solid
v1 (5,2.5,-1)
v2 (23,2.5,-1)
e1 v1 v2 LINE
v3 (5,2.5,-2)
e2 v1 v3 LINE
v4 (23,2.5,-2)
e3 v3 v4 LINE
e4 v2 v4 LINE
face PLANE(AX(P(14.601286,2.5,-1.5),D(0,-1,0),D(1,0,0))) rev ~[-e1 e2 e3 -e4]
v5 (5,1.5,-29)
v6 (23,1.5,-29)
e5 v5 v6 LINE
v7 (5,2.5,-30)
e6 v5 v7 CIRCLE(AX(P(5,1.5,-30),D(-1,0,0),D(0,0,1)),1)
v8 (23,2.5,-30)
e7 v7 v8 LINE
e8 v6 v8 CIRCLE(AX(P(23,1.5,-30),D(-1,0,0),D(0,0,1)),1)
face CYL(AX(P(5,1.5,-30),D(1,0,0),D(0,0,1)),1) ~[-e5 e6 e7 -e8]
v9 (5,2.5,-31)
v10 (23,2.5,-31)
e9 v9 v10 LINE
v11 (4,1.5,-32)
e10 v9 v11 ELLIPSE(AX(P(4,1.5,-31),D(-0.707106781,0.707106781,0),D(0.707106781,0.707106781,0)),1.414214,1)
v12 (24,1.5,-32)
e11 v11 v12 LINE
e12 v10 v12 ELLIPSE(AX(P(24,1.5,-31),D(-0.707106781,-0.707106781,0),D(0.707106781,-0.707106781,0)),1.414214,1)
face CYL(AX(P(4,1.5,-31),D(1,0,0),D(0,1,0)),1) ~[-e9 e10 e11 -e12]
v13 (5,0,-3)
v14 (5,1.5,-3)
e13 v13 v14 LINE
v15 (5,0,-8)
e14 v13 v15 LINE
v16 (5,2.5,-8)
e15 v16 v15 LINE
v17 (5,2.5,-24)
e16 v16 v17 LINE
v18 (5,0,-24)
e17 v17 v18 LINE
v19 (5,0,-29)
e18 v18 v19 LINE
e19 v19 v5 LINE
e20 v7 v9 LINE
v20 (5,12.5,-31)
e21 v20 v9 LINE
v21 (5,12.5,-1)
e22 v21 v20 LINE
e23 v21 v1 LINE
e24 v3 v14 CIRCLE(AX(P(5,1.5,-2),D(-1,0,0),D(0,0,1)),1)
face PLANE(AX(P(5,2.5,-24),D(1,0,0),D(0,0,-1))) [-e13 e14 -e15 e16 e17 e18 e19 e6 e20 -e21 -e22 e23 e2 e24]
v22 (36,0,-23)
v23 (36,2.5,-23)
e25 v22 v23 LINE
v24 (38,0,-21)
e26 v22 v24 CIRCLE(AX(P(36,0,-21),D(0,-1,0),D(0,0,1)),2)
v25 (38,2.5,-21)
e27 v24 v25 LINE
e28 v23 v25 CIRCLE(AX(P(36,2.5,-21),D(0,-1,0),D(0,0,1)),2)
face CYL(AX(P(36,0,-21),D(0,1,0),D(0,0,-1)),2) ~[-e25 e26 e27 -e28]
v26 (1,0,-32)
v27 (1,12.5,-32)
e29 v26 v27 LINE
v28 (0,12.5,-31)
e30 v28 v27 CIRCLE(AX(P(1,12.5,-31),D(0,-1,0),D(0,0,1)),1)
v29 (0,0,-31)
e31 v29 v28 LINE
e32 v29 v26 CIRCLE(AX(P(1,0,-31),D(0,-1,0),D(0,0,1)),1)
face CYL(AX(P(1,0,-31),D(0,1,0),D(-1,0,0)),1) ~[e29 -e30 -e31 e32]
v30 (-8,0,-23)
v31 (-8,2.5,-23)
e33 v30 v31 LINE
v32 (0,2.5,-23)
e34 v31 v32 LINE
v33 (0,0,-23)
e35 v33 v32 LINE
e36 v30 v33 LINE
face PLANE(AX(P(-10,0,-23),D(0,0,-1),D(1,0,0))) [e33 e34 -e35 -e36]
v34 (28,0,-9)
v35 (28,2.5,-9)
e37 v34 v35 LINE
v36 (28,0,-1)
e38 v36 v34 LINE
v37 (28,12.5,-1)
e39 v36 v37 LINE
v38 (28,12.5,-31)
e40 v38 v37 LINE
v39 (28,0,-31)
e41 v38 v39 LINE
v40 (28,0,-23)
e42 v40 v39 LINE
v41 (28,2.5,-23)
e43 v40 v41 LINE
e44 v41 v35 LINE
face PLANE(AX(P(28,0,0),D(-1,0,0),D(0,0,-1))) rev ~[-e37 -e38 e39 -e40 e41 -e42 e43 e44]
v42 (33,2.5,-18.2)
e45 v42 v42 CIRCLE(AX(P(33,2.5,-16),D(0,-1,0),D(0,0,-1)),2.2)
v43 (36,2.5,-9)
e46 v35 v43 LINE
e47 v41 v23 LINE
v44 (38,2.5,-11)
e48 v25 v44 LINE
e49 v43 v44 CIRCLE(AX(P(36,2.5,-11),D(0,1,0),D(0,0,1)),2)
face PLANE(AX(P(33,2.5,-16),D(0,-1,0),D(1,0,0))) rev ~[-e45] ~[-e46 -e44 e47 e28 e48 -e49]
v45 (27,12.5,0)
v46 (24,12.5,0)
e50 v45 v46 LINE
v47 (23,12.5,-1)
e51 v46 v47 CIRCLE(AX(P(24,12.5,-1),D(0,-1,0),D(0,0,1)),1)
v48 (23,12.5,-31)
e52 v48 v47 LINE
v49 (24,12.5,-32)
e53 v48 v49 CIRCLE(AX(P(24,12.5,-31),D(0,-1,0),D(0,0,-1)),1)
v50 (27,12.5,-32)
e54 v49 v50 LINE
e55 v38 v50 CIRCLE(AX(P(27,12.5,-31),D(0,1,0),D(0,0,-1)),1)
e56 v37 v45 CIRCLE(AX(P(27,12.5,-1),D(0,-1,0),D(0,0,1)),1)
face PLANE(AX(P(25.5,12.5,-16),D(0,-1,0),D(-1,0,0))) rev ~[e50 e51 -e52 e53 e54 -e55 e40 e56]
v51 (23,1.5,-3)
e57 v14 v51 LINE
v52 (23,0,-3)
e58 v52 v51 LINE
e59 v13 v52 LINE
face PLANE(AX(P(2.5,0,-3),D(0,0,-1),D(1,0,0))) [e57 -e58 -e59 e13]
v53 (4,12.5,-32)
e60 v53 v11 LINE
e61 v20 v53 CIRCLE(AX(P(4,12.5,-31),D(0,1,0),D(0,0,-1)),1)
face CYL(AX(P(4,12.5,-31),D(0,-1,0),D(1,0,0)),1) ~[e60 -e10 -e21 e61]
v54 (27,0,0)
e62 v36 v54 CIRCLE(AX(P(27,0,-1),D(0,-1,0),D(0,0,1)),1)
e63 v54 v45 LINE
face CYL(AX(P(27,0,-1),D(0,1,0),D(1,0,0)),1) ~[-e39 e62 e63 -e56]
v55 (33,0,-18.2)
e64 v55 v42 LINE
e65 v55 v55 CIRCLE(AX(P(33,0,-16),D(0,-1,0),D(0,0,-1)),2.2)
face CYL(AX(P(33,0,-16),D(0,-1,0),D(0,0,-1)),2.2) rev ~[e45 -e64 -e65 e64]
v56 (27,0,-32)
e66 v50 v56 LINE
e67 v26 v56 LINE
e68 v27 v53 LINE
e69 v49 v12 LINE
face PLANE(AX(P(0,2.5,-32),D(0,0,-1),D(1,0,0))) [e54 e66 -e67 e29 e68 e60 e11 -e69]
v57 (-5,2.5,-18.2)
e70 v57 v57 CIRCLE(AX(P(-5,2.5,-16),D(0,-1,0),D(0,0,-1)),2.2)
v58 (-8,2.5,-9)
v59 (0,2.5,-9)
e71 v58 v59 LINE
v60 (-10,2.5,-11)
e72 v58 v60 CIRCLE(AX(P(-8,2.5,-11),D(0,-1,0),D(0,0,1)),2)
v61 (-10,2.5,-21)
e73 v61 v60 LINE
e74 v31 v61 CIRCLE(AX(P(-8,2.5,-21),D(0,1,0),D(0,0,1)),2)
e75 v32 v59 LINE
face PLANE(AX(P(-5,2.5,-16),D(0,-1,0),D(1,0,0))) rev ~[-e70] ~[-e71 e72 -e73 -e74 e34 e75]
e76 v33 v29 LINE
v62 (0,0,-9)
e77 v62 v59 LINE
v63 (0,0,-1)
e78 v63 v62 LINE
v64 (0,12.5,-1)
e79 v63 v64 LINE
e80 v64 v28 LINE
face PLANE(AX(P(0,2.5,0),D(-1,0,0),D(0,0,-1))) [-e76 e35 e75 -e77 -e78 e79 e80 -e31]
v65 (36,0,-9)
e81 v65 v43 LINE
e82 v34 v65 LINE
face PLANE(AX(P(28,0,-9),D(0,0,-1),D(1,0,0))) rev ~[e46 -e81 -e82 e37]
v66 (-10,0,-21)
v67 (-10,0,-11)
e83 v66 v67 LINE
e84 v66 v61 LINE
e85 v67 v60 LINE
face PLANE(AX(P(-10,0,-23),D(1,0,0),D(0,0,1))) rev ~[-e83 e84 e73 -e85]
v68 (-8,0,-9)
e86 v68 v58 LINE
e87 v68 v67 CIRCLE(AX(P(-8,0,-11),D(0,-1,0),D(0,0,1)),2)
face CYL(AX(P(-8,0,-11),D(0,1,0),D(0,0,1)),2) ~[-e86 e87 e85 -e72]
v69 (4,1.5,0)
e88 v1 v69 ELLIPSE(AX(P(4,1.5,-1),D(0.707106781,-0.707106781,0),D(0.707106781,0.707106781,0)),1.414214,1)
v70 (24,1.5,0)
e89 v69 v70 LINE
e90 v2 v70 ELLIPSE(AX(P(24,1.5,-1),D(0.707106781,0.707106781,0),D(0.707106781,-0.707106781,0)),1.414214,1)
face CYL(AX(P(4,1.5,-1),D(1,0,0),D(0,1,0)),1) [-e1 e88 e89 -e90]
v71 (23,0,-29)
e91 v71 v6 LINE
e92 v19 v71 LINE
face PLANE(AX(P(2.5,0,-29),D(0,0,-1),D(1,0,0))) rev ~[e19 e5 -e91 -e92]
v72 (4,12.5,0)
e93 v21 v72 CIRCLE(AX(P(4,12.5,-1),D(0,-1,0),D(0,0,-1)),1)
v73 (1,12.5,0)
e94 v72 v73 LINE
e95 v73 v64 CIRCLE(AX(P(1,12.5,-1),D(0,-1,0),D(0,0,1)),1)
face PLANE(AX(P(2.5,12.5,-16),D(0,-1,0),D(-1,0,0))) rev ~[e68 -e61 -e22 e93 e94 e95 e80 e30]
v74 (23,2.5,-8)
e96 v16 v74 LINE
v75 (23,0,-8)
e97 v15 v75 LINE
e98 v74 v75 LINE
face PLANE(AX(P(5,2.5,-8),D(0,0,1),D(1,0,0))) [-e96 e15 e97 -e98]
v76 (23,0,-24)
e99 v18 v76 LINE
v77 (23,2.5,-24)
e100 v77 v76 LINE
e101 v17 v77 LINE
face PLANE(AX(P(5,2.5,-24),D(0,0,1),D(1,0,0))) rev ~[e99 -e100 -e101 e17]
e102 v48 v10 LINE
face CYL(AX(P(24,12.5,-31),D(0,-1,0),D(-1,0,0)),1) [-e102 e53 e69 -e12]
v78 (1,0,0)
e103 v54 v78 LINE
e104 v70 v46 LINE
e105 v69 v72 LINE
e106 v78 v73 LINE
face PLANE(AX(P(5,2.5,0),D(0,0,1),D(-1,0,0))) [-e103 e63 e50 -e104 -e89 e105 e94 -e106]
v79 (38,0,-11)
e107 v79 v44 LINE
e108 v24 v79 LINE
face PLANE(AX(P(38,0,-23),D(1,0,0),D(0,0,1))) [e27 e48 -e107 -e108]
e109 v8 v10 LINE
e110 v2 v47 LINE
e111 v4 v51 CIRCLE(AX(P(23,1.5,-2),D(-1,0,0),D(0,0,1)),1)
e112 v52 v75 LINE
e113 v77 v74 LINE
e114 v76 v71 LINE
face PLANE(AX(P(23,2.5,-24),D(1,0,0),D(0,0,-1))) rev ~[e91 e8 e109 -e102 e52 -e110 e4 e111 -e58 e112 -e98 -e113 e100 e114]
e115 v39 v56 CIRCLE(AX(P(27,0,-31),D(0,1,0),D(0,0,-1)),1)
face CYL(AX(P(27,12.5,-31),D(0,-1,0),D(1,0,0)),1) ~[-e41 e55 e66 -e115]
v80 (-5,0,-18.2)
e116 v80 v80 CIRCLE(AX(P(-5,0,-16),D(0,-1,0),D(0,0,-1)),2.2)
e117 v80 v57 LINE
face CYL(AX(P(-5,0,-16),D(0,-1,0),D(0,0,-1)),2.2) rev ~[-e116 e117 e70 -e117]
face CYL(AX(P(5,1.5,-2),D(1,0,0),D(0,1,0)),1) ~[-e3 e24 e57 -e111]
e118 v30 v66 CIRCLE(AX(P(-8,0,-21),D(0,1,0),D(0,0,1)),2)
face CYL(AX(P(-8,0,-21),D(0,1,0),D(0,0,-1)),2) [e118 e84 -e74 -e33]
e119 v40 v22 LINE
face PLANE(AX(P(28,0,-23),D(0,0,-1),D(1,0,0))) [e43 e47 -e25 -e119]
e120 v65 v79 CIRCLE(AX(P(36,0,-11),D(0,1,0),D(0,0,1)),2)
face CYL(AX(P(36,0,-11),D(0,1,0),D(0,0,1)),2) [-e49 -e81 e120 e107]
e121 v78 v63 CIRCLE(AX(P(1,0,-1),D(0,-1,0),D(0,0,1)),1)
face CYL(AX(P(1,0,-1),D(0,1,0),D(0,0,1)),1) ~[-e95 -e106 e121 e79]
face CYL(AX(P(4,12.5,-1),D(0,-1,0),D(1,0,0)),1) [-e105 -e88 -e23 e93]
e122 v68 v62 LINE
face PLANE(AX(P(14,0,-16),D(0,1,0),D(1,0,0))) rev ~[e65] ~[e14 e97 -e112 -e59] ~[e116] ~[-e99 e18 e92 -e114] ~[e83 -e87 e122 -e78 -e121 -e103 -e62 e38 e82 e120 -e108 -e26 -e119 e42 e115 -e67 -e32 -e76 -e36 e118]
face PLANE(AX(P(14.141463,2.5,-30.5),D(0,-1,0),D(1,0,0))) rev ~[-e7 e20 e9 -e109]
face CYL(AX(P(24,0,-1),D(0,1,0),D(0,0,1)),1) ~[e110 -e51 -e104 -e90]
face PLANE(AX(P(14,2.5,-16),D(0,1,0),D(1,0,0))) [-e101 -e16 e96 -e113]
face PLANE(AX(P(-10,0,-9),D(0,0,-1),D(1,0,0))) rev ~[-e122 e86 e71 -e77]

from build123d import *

# Parameters (mm, degrees)
SKETCH1_W           = 28
SKETCH1_H           = 32
BOSS_EXTRUDE1_DEPTH = 2.5
BOSS_EXTRUDE3_DEPTH = 10
SKETCH3_W           = 18
SKETCH3_H           = 8
CUT_EXTRUDE1_DEPTH  = 2.5
SKETCH4_W           = 10
SKETCH4_H           = 14
SKETCH4_R           = 2.2
BOSS_EXTRUDE4_DEPTH = 2.5
FILLET1_R           = 2
FILLET2_R           = 1
SKETCH5_W           = 24.202572411
SKETCH5_H           = 3
SKETCH5_W_2         = 23.282926667
BOSS_EXTRUDE5_DEPTH = 2.5
FILLET3_R           = 1


with BuildPart() as part:
    # Sketch1 → Boss-Extrude1 (new body)
    with BuildSketch(Plane(origin=(0, 0, 0), x_dir=(1, 0, 0), z_dir=(0, 1, 0))):
        with Locations((14, 16)):
            Rectangle(SKETCH1_W, SKETCH1_H)
    extrude(amount=BOSS_EXTRUDE1_DEPTH)

    # Sketch2 → Boss-Extrude3 (add)
    with BuildSketch(Plane(origin=(0, 2.5, 0), x_dir=(1, 0, 0), z_dir=(0, 1, 0))):
        Polygon((0, 32), (5, 32), (5, 30), (5, 0), (0, 0), align=None)
        Polygon((28, 0), (23, 0), (23, 30), (23, 32), (28, 32), align=None)
    extrude(amount=BOSS_EXTRUDE3_DEPTH)

    # Sketch3 → Cut-Extrude1 (cut)
    with BuildSketch(Plane(origin=(0, 2.5, 0), x_dir=(1, 0, 0), z_dir=(0, 1, 0))):
        with Locations((14, 28)):
            Rectangle(SKETCH3_W, SKETCH3_H)
        with Locations((14, 4)):
            Rectangle(SKETCH3_W, SKETCH3_H)
    extrude(amount=-CUT_EXTRUDE1_DEPTH, mode=Mode.SUBTRACT)

    # Sketch4 → Boss-Extrude4 (add)
    # profile 1 of 2: a face of its own
    with BuildSketch(Plane.XZ):
        with Locations((-5, -16)):
            Rectangle(SKETCH4_W, SKETCH4_H)
        with Locations(Location((-5, -16, 0), (0, 0, 270))):
            Circle(SKETCH4_R, mode=Mode.SUBTRACT)
    # profile 2 of 2: a face of its own
    with BuildSketch(Plane.XZ):
        with Locations((33, -16)):
            Rectangle(SKETCH4_W, SKETCH4_H)
        with Locations(Location((33, -16, 0), (0, 0, 270))):
            Circle(SKETCH4_R, mode=Mode.SUBTRACT)
    extrude(amount=-BOSS_EXTRUDE4_DEPTH)

    # Fillet1
    fillet1_edges = [part.edges().sort_by_distance(p)[0] for p in [
        (-10, 1.25, -23),
        (-10, 1.25, -9),
        (38, 1.25, -9),
        (38, 1.25, -23),
    ]]
    fillet(fillet1_edges, radius=FILLET1_R)

    # Fillet2
    fillet2_edges = [part.edges().sort_by_distance(p)[0] for p in [
        (23, 6.25, -32),
        (23, 6.25, 0),
        (5, 6.25, 0),
        (5, 6.25, -32),
        (0, 6.25, -32),
        (28, 6.25, -32),
        (28, 6.25, 0),
        (0, 6.25, 0),
    ]]
    fillet(fillet2_edges, radius=FILLET2_R)

    # Sketch5 → Boss-Extrude5 (add)
    with BuildSketch(Plane.XZ):
        with Locations((14.601286206, -1.5)):
            Rectangle(SKETCH5_W, SKETCH5_H)
        with Locations((14.141463334, -30.5)):
            Rectangle(SKETCH5_W_2, SKETCH5_H)
    extrude(amount=-BOSS_EXTRUDE5_DEPTH)

    # Fillet3
    fillet3_edges = [part.edges().sort_by_distance(p)[0] for p in [
        (14, 2.5, -3),
        (14, 2.5, 0),
        (14, 2.5, -32),
        (14, 2.5, -29),
    ]]
    fillet(fillet3_edges, radius=FILLET3_R)


solid = part.part
